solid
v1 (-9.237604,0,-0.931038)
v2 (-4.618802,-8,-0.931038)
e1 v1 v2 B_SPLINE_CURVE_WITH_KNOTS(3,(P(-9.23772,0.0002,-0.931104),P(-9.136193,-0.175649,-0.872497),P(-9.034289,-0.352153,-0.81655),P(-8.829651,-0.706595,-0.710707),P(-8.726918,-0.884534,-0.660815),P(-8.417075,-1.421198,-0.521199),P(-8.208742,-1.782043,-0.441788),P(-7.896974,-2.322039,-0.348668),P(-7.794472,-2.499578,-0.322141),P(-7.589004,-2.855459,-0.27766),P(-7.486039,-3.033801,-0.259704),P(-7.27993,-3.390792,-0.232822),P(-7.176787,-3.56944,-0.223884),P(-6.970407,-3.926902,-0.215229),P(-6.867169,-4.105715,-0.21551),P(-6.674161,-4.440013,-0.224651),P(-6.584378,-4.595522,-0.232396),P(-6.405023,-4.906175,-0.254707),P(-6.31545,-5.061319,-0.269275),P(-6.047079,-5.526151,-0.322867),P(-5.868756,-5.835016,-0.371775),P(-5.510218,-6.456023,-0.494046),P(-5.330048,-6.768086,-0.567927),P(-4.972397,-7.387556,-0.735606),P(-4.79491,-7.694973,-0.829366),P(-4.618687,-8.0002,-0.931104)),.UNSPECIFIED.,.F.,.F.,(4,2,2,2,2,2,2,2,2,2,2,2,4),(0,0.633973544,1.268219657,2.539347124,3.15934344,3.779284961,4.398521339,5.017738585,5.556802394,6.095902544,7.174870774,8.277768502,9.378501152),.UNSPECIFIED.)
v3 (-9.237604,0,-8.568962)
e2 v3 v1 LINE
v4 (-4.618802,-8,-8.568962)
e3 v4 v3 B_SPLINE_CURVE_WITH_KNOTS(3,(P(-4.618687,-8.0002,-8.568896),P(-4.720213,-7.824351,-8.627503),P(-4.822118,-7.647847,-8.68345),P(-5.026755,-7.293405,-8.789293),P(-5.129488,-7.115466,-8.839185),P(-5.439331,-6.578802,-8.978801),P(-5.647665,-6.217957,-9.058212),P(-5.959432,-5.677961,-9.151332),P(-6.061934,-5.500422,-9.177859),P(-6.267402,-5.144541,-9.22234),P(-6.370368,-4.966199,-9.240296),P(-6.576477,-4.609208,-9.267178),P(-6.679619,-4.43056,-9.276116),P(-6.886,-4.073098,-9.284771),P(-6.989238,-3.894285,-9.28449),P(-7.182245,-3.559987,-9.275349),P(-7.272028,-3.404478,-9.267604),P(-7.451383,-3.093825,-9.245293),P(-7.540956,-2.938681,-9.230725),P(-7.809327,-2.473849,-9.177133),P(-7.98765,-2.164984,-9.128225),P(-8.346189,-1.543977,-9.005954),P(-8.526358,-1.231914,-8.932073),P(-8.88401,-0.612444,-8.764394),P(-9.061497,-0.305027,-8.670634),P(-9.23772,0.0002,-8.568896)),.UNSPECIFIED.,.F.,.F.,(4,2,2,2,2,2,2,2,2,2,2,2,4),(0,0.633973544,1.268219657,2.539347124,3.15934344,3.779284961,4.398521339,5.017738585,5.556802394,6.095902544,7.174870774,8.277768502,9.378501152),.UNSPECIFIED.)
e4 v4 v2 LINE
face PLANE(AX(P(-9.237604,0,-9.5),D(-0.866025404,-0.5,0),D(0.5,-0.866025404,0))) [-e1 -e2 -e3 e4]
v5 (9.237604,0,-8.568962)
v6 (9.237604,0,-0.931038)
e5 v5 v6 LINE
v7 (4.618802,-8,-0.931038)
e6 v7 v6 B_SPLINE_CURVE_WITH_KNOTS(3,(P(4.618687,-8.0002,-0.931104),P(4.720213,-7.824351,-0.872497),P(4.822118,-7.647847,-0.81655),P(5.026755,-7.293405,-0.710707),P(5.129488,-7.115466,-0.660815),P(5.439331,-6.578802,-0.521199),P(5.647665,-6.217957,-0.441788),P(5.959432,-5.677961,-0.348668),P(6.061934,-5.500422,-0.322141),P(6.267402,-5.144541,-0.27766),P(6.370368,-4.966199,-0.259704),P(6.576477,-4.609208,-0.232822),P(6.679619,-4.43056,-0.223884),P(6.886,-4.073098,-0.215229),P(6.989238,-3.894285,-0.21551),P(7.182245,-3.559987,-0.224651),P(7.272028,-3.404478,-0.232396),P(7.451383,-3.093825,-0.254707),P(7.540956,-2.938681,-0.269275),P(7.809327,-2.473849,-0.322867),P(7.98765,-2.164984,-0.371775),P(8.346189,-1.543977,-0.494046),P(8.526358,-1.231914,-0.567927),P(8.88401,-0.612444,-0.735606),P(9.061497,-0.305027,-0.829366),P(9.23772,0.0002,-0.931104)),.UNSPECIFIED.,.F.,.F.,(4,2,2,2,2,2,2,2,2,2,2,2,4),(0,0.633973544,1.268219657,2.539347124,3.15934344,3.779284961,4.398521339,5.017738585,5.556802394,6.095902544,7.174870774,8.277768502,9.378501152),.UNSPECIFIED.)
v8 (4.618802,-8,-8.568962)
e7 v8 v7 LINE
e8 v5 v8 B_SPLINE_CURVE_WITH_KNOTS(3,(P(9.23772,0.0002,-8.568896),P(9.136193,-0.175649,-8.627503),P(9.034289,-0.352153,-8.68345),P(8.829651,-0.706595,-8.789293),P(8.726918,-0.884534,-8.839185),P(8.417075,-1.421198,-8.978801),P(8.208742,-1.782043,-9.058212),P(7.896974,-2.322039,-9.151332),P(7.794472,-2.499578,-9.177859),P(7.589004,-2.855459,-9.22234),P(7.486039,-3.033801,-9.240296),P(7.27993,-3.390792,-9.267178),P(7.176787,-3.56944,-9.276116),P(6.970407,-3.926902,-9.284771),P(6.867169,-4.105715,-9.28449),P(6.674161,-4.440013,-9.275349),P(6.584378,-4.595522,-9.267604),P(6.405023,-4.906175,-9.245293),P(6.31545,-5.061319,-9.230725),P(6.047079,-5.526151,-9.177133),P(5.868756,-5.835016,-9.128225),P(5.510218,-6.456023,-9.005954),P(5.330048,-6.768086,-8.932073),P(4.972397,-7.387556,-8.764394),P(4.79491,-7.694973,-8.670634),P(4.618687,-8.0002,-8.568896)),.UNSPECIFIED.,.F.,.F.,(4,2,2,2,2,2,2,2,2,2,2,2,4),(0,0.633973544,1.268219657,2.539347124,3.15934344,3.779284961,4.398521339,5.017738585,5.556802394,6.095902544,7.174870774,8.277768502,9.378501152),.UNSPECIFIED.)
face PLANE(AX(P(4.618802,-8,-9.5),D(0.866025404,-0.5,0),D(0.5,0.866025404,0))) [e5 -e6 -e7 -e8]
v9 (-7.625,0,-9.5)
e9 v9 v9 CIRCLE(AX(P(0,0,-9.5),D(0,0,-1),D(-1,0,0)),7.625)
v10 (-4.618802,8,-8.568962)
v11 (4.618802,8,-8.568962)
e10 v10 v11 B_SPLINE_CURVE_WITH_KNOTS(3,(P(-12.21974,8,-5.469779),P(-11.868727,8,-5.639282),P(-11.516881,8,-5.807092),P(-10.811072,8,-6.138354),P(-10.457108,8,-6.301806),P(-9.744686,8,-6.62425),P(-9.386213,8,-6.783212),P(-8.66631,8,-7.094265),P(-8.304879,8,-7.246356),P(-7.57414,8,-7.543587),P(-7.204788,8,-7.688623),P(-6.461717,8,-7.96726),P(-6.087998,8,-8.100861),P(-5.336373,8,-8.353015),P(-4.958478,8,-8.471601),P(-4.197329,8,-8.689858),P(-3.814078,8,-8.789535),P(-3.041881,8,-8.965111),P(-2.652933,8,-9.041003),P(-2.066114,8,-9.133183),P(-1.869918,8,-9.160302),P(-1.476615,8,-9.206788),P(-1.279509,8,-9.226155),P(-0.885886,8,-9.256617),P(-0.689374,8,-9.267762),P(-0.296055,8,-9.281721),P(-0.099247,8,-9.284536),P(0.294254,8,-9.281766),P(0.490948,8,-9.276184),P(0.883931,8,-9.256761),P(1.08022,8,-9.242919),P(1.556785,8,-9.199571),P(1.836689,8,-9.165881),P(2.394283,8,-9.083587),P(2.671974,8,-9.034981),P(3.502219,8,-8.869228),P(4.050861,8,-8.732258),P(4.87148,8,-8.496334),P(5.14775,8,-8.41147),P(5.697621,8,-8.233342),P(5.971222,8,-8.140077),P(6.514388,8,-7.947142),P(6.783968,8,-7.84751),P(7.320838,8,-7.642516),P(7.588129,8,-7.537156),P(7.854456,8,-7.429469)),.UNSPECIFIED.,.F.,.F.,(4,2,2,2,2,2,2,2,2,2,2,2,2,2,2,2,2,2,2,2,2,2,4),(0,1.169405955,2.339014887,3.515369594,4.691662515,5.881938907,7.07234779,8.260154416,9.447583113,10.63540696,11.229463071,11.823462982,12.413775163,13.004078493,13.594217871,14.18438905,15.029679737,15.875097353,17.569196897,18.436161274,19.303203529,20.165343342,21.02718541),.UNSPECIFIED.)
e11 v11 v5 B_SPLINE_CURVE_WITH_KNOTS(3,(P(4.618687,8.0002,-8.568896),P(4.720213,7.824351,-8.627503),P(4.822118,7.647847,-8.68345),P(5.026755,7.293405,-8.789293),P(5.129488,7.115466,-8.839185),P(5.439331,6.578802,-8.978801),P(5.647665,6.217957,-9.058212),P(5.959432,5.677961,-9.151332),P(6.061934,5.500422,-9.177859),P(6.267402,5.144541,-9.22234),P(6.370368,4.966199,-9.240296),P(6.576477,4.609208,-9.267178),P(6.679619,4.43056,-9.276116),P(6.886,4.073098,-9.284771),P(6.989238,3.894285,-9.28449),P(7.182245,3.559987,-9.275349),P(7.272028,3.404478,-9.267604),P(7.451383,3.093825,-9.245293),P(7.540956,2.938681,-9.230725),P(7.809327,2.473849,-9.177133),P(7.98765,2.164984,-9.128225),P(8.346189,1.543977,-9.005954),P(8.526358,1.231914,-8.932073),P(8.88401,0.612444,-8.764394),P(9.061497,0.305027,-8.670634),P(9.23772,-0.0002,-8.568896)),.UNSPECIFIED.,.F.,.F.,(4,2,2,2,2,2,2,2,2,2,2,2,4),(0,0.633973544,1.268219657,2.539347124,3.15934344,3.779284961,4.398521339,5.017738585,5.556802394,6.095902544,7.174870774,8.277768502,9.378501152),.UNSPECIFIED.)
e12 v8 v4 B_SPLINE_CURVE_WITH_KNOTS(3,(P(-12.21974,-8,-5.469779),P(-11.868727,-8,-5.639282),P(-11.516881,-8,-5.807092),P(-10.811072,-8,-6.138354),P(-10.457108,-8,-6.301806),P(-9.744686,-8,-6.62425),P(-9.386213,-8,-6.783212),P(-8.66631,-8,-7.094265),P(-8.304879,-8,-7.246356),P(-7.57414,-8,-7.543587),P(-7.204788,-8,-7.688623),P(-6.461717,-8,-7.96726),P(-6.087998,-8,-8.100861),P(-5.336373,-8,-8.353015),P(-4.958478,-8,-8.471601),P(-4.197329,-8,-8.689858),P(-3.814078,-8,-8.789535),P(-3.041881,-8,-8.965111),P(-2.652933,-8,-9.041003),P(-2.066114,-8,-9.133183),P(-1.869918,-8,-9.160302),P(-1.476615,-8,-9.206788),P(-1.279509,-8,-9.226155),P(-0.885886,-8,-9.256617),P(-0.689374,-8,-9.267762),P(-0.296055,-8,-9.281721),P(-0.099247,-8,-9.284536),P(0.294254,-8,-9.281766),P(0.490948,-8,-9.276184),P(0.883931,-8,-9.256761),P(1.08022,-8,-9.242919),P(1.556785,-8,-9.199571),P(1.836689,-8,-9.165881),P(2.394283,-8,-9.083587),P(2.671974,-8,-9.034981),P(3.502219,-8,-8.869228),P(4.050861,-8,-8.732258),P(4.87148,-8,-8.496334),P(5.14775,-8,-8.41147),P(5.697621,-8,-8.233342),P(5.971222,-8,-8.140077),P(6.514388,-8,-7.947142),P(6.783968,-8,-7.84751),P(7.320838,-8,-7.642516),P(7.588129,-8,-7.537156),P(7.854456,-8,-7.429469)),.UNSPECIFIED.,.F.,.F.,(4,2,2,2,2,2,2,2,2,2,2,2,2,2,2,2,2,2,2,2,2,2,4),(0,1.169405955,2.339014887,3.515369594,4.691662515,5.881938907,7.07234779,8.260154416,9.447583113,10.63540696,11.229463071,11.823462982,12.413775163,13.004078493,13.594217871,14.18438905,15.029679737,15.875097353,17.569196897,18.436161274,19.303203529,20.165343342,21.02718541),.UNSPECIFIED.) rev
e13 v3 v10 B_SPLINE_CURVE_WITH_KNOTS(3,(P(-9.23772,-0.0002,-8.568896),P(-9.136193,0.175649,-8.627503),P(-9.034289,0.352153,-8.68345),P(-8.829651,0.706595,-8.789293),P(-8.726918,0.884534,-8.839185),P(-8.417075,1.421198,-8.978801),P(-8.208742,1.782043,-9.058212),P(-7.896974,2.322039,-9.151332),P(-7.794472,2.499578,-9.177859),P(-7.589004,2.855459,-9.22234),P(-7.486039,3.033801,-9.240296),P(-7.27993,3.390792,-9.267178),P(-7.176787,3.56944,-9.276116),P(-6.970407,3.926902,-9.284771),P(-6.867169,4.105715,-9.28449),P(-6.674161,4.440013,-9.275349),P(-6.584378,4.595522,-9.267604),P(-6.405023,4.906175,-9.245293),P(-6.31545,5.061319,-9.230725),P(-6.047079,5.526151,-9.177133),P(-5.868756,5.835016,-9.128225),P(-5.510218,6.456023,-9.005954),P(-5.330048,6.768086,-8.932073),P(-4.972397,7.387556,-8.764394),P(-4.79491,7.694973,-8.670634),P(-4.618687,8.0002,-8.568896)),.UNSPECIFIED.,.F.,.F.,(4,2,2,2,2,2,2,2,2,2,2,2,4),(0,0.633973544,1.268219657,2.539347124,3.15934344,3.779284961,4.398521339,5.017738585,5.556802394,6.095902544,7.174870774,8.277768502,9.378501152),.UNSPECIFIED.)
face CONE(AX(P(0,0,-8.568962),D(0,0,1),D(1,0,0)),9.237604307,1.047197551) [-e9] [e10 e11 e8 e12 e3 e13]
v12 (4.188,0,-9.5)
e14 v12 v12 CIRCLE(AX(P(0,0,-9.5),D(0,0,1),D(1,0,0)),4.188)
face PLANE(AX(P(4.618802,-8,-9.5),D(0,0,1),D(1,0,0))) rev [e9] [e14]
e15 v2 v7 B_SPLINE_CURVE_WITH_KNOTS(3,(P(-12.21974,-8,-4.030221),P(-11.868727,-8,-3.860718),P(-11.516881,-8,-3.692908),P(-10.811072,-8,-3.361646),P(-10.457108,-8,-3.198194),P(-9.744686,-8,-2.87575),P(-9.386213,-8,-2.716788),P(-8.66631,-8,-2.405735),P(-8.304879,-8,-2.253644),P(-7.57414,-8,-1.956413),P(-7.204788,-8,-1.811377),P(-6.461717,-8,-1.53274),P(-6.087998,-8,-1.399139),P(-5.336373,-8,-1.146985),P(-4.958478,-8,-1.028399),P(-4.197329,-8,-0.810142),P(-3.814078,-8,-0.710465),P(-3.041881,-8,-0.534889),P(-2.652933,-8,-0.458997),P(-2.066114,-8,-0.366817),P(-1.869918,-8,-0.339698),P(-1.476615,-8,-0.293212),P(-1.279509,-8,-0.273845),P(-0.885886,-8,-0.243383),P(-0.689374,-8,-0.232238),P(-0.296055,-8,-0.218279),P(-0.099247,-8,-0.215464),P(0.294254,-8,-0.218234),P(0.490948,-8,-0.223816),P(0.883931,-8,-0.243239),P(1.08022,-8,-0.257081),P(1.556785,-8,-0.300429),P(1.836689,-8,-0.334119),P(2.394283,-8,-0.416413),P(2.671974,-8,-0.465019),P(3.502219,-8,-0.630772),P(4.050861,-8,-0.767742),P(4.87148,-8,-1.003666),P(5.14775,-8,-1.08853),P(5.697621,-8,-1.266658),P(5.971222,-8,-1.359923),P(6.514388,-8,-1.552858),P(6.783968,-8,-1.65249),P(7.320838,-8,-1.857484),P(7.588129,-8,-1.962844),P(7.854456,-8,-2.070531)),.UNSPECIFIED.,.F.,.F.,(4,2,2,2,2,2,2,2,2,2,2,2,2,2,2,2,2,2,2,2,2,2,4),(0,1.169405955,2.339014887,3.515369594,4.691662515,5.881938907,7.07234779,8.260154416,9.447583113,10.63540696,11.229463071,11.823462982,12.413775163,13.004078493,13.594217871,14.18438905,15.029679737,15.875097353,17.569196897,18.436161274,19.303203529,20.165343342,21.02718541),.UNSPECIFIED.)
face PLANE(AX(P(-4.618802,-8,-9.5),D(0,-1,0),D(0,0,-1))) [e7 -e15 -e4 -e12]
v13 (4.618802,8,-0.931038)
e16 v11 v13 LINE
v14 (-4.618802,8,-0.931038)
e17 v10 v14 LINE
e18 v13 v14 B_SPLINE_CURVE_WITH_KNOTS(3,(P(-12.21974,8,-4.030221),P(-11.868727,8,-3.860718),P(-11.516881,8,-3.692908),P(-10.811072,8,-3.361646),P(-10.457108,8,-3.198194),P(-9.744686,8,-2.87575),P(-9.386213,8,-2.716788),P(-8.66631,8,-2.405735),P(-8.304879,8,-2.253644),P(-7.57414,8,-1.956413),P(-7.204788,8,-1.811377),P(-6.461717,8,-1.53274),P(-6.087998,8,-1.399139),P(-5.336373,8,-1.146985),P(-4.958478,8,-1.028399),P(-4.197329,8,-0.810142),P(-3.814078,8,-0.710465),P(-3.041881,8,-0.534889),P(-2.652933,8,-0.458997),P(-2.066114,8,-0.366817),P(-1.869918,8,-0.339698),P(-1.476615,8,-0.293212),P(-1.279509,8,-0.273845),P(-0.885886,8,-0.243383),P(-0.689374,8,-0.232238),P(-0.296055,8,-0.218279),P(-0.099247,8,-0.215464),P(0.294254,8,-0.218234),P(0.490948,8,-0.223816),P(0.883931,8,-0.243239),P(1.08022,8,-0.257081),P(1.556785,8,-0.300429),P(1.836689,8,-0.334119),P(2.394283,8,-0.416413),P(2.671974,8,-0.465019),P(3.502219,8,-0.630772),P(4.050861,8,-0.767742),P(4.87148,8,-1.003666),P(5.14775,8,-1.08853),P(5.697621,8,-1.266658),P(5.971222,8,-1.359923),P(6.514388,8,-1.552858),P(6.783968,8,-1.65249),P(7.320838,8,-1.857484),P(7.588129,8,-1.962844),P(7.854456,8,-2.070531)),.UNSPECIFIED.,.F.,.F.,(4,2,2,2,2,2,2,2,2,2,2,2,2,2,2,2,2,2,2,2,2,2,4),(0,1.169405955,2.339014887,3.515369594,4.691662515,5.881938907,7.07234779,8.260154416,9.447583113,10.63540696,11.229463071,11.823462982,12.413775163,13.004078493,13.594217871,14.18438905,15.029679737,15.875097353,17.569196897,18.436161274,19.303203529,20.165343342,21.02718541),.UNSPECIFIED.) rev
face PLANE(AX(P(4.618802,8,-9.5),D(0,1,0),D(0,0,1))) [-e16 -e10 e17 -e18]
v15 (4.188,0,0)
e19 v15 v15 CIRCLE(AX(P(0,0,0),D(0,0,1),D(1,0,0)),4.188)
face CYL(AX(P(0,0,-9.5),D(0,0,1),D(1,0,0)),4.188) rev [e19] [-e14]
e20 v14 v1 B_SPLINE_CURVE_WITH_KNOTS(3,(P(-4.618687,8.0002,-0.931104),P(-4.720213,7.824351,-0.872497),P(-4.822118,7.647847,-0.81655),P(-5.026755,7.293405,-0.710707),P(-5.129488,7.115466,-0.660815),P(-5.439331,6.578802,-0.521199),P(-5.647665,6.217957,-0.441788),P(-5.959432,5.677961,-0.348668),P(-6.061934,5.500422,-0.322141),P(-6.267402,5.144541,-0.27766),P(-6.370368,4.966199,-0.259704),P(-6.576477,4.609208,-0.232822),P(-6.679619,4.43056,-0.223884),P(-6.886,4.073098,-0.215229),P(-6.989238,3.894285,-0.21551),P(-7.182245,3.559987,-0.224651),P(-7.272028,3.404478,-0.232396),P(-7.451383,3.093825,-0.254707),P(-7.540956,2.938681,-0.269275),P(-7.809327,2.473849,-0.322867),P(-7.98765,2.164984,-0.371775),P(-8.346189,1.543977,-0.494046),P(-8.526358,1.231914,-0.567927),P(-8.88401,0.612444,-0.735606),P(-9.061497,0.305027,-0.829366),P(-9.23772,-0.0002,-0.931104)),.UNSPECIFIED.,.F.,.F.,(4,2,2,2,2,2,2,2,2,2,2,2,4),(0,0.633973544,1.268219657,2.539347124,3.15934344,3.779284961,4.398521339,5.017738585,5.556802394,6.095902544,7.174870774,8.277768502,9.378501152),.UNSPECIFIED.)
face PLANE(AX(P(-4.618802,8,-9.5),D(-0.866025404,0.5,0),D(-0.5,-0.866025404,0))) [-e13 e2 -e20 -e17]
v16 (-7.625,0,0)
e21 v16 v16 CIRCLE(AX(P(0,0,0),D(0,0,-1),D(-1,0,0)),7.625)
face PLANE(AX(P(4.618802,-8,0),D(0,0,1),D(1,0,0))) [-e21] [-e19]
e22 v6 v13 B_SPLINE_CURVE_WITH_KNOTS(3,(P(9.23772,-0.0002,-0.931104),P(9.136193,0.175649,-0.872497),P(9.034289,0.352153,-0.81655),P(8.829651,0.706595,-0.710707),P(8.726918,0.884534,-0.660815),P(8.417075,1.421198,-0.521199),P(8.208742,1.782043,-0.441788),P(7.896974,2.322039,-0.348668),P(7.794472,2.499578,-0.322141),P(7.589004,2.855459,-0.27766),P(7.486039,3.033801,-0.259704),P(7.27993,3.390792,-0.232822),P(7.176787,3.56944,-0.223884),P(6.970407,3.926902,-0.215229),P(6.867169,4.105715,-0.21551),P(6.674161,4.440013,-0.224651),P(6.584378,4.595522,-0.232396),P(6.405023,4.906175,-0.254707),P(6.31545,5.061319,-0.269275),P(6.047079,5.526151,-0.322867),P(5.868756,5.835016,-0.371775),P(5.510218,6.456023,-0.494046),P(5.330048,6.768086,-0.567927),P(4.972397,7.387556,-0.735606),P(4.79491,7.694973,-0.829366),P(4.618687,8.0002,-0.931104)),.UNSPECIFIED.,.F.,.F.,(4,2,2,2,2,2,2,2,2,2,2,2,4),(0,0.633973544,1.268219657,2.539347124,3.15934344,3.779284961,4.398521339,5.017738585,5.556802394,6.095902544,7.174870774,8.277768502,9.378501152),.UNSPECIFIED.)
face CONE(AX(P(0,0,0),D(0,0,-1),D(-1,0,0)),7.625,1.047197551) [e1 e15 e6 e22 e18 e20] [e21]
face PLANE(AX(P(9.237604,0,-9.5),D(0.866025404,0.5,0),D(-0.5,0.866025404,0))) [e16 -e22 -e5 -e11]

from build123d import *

# Parameters (mm, degrees)
SKETCH1_R     = 4.188
BASENUT_DEPTH = 9.5


with BuildPart() as part:
    # Sketch1 → BaseNut (new body)
    with BuildSketch(Plane.XY):
        Polygon((4.618802154, -8), (9.237604307, 0), (4.618802154, 8), (-4.618802154, 8), (-9.237604307, 0), (-4.618802154, -8), align=None)
        Circle(SKETCH1_R, mode=Mode.SUBTRACT)
    extrude(amount=-BASENUT_DEPTH)

    # Sketch2 → Double-Chamfer (revolve, cut)
    with BuildSketch(Plane(origin=(0, 0, 0), x_dir=(1, 0, 0), z_dir=(0, 1, 0))):
        Polygon((-9.237604307, 9.5), (-7.625, 9.5), (-9.237604307, 8.568962469), align=None)
        Polygon((-9.237604307, 0.931037531), (-9.237604307, 0), (-7.625, 0), align=None)
    revolve(axis=Axis((0, 0, -3.375940562), (0, 0, 1)), mode=Mode.SUBTRACT)


solid = part.part
